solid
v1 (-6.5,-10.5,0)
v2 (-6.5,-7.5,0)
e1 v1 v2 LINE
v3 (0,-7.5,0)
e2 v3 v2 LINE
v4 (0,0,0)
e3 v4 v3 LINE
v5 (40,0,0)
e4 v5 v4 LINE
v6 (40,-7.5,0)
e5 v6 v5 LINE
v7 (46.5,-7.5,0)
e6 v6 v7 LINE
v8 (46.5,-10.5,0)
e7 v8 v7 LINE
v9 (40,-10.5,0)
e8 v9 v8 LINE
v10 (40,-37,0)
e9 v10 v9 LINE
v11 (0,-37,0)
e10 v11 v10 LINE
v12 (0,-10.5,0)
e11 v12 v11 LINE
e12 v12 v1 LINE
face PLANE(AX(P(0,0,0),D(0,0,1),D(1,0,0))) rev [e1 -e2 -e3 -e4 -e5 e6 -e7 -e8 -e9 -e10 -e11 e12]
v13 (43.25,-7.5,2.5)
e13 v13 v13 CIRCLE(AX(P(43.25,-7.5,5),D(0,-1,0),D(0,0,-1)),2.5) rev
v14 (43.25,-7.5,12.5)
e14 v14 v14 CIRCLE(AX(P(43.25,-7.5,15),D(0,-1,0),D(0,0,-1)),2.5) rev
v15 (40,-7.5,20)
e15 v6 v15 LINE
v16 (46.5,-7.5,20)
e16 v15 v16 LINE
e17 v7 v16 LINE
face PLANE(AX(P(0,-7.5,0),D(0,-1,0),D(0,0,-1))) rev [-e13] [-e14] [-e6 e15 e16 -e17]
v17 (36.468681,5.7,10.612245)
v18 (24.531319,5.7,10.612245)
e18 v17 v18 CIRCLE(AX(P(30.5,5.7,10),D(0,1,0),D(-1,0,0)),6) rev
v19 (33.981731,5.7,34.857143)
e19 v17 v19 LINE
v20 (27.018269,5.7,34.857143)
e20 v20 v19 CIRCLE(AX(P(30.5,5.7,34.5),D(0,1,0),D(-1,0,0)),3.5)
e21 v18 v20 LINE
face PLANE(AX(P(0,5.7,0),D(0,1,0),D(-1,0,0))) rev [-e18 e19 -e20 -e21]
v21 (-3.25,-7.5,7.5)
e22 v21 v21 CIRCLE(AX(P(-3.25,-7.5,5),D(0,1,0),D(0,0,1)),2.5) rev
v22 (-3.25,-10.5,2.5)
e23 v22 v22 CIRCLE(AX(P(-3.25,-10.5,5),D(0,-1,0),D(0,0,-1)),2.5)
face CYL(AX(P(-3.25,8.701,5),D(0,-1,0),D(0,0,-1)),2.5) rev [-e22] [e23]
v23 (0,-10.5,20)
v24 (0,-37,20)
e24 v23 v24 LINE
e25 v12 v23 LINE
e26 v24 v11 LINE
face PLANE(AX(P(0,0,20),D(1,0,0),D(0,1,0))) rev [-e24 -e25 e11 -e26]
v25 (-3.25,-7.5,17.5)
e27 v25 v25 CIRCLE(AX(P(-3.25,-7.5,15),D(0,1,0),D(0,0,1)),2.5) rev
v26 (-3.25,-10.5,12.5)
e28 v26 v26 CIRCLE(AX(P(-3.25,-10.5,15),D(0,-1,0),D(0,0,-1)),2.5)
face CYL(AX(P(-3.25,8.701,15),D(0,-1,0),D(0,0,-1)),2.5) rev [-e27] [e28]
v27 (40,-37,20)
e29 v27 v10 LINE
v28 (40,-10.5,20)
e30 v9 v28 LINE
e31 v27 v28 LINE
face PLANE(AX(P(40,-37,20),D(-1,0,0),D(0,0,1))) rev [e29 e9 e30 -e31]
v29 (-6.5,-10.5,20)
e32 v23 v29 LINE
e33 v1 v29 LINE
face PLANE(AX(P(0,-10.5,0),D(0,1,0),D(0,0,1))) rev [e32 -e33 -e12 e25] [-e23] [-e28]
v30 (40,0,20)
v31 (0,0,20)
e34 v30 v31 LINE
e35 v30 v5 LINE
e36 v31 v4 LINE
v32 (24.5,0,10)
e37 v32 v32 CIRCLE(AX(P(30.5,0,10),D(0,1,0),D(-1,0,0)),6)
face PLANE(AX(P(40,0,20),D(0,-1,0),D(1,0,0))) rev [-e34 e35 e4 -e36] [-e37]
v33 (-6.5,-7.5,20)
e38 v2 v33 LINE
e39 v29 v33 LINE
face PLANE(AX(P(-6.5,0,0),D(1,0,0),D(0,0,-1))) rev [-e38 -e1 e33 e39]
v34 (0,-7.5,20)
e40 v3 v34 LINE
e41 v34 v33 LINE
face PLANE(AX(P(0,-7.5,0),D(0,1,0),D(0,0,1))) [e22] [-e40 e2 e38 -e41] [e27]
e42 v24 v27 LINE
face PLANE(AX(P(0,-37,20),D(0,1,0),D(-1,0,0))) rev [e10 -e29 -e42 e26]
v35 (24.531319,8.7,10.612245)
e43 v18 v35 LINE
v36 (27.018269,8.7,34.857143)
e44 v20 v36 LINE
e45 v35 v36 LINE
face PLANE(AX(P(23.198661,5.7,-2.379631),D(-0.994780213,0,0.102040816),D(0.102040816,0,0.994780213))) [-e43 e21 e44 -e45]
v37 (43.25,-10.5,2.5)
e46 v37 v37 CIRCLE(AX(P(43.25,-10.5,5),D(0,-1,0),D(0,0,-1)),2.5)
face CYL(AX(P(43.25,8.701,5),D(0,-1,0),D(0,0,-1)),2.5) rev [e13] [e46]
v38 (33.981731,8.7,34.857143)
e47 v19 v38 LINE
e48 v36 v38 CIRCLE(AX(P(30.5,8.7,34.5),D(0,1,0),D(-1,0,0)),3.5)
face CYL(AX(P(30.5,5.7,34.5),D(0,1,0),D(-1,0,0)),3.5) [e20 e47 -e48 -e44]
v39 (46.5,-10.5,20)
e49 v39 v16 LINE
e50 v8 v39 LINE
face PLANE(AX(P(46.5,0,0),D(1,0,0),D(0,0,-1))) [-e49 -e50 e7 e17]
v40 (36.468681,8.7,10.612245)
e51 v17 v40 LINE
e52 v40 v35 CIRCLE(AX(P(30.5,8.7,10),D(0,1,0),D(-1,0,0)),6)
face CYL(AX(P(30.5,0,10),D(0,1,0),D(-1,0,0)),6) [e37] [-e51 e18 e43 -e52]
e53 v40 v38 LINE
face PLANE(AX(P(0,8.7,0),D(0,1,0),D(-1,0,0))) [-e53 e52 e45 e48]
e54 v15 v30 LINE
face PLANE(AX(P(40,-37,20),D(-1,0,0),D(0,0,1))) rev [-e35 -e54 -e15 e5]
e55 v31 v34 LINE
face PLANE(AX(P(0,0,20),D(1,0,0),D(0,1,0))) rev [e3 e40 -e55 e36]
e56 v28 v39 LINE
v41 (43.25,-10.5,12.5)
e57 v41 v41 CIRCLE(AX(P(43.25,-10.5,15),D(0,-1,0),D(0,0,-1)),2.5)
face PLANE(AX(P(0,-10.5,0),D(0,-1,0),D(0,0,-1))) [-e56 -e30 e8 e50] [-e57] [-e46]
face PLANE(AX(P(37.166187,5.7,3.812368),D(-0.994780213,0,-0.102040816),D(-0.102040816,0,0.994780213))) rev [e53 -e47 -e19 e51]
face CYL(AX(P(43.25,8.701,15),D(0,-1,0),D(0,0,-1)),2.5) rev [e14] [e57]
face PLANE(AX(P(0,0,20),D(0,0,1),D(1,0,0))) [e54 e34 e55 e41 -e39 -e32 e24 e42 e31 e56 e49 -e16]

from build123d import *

# Parameters (mm, degrees)
SKETCH1_W           = 40
SKETCH1_H           = 37
BOSS_EXTRUDE1_DEPTH = 20
SKETCH2_W           = 6.5
SKETCH2_H           = 3
BOSS_EXTRUDE2_DEPTH = 20
BOSS_EXTRUDE3_DEPTH = 8.7
BOSS_EXTRUDE4_DEPTH = 3
CUT_EXTRUDE2_REACH  = 67.639
SKETCH5_R           = 2.5


with BuildPart() as part:
    # Sketch1 → Boss-Extrude1 (new body)
    with BuildSketch(Plane.XY):
        with Locations((20, -18.5)):
            Rectangle(SKETCH1_W, SKETCH1_H)
    extrude(amount=BOSS_EXTRUDE1_DEPTH)

    # Sketch2 → Boss-Extrude2 (add)
    with BuildSketch(Plane.XY.offset(20)):
        with Locations((-3.25, -9)):
            Rectangle(SKETCH2_W, SKETCH2_H)
        with Locations((43.25, -9)):
            Rectangle(SKETCH2_W, SKETCH2_H)
    extrude(amount=-BOSS_EXTRUDE2_DEPTH)

    # Sketch3 → Boss-Extrude3 (add)
    with BuildSketch(Plane(origin=(0, 8.7, 0), x_dir=(1, 0, 0), z_dir=(0, 1, 0))):
        with BuildLine():
            ThreePointArc((24.5, -10), (30.5, -16), (36.5, -10))
            Line((36.5, -10), (24.5, -10))
        make_face()
        with BuildLine():
            Line((24.5, -10), (36.5, -10))
            ThreePointArc((36.5, -10), (30.5, -4), (24.5, -10))
        make_face()
    extrude(amount=-BOSS_EXTRUDE3_DEPTH)

    # Sketch4 → Boss-Extrude4 (add)
    with BuildSketch(Plane(origin=(0, 8.7, 0), x_dir=(1, 0, 0), z_dir=(0, 1, 0))):
        with BuildLine():
            Line((33.981730745, -34.857142857), (36.468681277, -10.612244898))
            ThreePointArc((36.468681277, -10.612244898), (30.5, -4), (24.531318723, -10.612244898))
            Line((24.531318723, -10.612244898), (27.018269255, -34.857142857))
            ThreePointArc((27.018269255, -34.857142857), (30.5, -38), (33.981730745, -34.857142857))
        make_face()
    extrude(amount=-BOSS_EXTRUDE4_DEPTH)

    # Sketch5 → Cut-Extrude2 (cut, up to next)
    with BuildSketch(Plane.XZ.offset(10.5), mode=Mode.PRIVATE) as cut_extrude2_sk1:
        with Locations(Location((43.25, 15, 0), (0, 0, 270))):
            Circle(SKETCH5_R)
    cut_extrude2_tool1 = extrude(cut_extrude2_sk1.sketch, amount=-CUT_EXTRUDE2_REACH, mode=Mode.PRIVATE) & part.part
    # Sketch5 → Cut-Extrude2 (cut, up to next)
    with BuildSketch(Plane.XZ.offset(10.5), mode=Mode.PRIVATE) as cut_extrude2_sk2:
        with Locations(Location((43.25, 5, 0), (0, 0, 270))):
            Circle(SKETCH5_R)
    cut_extrude2_tool2 = extrude(cut_extrude2_sk2.sketch, amount=-CUT_EXTRUDE2_REACH, mode=Mode.PRIVATE) & part.part
    # Sketch5 → Cut-Extrude2 (cut, up to next)
    with BuildSketch(Plane.XZ.offset(10.5), mode=Mode.PRIVATE) as cut_extrude2_sk3:
        with Locations(Location((-3.25, 15, 0), (0, 0, 270))):
            Circle(SKETCH5_R)
    cut_extrude2_tool3 = extrude(cut_extrude2_sk3.sketch, amount=-CUT_EXTRUDE2_REACH, mode=Mode.PRIVATE) & part.part
    # Sketch5 → Cut-Extrude2 (cut, up to next)
    with BuildSketch(Plane.XZ.offset(10.5), mode=Mode.PRIVATE) as cut_extrude2_sk4:
        with Locations(Location((-3.25, 5, 0), (0, 0, 270))):
            Circle(SKETCH5_R)
    cut_extrude2_tool4 = extrude(cut_extrude2_sk4.sketch, amount=-CUT_EXTRUDE2_REACH, mode=Mode.PRIVATE) & part.part
    add(cut_extrude2_tool1.solids().sort_by_distance((43.25, -10.5, 15))[0], mode=Mode.SUBTRACT)
    add(cut_extrude2_tool2.solids().sort_by_distance((43.25, -10.5, 5))[0], mode=Mode.SUBTRACT)
    add(cut_extrude2_tool3.solids().sort_by_distance((-3.25, -10.5, 15))[0], mode=Mode.SUBTRACT)
    add(cut_extrude2_tool4.solids().sort_by_distance((-3.25, -10.5, 5))[0], mode=Mode.SUBTRACT)


solid = part.part
